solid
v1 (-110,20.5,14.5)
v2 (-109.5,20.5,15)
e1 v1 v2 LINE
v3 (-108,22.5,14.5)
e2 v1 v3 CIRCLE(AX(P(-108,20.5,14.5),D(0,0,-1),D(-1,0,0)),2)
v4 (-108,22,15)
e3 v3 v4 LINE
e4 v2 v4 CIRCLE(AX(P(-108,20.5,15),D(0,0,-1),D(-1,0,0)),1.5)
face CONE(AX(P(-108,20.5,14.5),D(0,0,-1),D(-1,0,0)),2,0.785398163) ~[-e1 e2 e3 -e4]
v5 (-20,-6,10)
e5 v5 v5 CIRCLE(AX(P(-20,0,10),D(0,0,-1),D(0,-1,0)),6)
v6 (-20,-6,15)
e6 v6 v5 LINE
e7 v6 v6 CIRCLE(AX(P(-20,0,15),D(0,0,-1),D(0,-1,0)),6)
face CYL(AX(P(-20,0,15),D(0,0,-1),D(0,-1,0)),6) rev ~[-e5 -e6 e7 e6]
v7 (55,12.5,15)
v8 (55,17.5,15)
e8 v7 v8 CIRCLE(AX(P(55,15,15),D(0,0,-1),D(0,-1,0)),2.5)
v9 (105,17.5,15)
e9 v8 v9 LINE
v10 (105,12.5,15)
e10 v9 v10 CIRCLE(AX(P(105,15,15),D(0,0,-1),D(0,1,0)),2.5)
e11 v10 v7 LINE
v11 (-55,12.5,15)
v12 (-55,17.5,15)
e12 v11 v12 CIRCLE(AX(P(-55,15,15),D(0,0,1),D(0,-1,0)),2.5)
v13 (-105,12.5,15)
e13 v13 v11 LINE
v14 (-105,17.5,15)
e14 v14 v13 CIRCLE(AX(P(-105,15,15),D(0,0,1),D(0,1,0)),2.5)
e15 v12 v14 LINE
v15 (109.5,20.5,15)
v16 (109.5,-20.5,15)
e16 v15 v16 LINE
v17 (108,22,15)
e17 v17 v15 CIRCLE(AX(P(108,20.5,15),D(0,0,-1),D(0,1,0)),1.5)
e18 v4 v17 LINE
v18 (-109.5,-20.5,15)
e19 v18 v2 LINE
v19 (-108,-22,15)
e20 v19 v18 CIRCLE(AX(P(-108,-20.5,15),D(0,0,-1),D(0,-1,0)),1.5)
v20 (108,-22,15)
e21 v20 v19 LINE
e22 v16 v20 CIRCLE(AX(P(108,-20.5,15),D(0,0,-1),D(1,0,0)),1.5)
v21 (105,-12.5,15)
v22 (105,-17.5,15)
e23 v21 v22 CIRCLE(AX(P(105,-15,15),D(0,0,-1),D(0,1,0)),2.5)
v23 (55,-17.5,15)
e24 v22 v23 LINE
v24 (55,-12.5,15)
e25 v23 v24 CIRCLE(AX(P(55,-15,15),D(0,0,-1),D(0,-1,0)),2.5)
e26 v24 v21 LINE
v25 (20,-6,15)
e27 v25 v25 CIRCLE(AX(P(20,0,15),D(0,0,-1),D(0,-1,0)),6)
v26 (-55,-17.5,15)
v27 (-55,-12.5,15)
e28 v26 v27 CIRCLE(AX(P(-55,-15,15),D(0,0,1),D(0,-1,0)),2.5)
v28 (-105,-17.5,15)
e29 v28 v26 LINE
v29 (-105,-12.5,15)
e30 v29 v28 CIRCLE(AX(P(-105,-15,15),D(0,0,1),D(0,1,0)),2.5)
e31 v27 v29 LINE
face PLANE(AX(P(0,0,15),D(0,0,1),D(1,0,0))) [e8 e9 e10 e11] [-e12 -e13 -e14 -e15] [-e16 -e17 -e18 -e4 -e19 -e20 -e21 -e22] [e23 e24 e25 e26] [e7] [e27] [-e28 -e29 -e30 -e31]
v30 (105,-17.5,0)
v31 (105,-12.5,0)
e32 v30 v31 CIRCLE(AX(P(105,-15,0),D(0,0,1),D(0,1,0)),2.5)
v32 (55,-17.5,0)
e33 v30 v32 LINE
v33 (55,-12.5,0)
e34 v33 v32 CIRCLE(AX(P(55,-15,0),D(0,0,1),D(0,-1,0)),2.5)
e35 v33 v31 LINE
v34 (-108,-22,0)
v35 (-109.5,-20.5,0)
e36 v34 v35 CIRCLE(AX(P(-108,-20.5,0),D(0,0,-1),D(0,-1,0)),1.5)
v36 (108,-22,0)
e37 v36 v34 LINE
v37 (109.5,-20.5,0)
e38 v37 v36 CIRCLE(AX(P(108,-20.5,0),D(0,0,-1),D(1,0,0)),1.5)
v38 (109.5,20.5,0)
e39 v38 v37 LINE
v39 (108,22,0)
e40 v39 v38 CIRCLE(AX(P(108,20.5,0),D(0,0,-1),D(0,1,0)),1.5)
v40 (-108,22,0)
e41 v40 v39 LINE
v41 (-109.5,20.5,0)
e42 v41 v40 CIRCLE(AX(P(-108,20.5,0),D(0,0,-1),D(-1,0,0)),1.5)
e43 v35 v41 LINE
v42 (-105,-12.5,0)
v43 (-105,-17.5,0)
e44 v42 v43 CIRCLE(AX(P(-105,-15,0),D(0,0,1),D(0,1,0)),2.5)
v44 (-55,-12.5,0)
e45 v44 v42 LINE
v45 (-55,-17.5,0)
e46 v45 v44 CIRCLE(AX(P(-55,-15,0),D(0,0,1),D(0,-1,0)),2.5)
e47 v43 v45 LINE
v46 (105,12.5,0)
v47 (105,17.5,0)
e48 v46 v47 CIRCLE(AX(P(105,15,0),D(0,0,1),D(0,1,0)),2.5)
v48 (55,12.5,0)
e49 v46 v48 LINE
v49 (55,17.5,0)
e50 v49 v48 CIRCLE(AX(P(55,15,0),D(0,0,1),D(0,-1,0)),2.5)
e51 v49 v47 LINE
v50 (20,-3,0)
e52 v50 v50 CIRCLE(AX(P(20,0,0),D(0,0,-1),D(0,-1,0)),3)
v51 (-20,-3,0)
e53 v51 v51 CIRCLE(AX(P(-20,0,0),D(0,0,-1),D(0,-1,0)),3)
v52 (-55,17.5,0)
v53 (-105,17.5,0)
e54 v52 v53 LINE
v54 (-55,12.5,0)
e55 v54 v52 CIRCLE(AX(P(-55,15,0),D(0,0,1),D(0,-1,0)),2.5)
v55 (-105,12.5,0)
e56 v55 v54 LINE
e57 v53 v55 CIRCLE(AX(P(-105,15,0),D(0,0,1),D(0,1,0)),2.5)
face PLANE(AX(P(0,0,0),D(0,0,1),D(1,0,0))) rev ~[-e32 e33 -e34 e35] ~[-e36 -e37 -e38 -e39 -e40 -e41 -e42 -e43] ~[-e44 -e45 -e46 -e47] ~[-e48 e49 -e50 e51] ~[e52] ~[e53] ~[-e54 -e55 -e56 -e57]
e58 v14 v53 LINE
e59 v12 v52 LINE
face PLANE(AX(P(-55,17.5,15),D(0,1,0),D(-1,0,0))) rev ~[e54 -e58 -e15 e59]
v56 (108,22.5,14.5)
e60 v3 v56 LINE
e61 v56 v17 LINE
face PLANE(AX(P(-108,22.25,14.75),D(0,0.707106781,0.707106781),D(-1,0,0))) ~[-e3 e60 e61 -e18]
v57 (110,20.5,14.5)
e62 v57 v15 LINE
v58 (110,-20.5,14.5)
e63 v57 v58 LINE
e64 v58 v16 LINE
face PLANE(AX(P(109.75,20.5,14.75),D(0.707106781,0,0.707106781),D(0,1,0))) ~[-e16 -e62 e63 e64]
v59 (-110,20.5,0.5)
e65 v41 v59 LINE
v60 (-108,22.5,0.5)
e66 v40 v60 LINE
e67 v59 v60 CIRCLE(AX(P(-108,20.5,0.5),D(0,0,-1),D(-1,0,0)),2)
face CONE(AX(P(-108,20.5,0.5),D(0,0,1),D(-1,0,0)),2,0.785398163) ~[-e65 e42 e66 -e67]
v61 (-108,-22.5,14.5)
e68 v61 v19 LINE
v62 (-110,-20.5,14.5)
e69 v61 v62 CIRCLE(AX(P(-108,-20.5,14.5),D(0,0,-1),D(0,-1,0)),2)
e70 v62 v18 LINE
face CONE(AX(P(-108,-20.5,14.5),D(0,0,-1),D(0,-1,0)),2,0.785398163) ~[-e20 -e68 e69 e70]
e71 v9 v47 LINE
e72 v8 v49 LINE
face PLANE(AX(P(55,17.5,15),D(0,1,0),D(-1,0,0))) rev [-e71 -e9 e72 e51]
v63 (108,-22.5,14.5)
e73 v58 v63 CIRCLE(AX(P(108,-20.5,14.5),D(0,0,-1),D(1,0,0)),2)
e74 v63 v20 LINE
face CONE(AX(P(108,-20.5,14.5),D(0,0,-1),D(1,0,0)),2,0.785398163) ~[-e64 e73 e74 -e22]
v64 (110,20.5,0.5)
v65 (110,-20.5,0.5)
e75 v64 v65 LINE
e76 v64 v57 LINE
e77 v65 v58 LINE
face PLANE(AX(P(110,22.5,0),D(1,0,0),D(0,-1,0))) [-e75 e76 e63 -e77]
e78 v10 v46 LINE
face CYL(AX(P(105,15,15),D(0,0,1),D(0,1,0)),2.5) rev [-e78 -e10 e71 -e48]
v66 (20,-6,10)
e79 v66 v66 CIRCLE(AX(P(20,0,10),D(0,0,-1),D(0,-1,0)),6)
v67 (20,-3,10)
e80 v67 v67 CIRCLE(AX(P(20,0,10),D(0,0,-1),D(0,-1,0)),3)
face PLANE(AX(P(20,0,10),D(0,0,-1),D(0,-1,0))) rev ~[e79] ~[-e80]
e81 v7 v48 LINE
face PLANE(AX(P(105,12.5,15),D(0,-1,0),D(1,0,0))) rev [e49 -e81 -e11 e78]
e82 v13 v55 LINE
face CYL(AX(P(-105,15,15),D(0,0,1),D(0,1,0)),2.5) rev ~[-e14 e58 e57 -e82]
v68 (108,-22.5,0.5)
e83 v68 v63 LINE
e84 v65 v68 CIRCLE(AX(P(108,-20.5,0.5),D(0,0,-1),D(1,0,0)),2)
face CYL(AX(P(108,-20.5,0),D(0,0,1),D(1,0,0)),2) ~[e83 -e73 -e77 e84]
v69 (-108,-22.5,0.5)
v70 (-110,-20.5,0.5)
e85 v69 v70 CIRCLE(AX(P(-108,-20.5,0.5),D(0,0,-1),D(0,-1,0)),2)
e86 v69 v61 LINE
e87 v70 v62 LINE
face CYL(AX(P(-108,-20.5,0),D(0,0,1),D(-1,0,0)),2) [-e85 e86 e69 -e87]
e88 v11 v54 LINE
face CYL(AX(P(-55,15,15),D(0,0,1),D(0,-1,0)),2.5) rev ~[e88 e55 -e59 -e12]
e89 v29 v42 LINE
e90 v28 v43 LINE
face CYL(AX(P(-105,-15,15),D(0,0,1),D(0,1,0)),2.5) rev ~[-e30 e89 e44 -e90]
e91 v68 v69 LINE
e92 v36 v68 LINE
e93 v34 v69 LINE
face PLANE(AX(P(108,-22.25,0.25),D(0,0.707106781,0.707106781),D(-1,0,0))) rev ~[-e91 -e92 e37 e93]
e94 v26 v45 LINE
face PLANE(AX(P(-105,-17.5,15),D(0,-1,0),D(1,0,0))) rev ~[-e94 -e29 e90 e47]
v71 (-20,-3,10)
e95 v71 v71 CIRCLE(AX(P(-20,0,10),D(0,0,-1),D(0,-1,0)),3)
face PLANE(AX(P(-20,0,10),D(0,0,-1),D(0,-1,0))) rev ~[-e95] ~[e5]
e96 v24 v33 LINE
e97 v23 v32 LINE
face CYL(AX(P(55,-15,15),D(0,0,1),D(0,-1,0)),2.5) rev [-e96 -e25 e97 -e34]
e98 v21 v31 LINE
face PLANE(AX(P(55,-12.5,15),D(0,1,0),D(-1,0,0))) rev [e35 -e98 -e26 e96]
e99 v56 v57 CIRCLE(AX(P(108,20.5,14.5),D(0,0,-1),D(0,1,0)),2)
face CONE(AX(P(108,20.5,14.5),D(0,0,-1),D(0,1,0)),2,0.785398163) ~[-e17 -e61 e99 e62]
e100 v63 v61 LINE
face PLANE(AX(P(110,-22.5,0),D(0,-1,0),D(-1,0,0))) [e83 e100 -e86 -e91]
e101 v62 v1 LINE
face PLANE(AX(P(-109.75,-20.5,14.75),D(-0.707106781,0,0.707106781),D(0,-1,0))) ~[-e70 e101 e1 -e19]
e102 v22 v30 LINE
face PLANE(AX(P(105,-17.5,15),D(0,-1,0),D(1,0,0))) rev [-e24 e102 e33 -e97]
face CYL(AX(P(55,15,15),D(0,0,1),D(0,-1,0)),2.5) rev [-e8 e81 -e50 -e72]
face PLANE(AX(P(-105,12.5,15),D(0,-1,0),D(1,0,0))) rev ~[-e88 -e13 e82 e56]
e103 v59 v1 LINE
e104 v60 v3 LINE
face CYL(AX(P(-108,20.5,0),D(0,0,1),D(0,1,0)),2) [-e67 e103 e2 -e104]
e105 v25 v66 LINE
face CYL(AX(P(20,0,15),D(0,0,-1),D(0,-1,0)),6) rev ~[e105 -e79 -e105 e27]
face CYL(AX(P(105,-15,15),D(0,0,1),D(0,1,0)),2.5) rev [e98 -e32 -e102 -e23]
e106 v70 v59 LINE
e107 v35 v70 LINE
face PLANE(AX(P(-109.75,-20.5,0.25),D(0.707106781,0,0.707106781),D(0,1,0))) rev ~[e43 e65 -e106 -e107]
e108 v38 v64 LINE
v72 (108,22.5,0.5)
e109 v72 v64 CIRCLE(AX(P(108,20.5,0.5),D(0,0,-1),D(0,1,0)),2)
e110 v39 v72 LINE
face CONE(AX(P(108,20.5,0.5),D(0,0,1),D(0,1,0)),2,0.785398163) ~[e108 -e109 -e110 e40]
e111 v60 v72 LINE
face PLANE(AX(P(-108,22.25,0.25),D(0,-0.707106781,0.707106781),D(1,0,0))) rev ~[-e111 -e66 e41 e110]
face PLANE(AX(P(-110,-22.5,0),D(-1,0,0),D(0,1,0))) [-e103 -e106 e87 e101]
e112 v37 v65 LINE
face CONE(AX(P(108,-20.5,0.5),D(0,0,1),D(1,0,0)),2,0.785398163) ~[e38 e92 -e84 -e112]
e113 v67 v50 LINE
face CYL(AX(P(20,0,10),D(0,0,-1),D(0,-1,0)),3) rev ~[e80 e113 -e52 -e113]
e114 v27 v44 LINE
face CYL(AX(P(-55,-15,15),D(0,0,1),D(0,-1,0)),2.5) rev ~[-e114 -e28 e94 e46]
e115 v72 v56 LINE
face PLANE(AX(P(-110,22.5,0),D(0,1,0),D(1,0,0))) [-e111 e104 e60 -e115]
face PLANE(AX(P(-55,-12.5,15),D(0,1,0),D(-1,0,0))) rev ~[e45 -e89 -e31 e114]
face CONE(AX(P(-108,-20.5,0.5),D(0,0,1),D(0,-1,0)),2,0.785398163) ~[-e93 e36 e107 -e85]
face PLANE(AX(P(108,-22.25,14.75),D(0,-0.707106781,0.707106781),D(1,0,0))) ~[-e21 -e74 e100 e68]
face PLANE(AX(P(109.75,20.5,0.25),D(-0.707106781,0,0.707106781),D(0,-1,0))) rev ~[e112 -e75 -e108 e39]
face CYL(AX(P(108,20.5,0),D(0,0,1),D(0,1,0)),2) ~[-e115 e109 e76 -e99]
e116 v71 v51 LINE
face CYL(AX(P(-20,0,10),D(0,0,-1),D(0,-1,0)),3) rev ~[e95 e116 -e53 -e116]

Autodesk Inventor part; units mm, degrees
ref_plane "YZ Plane" through (0, 0, 0) normal (1, 0, 0) x (0, 1, 0)
ref_plane "XZ Plane" through (0, 0, 0) normal (0, 1, 0) x (-1, 0, 0)
ref_plane "XY Plane" through (0, 0, 0) normal (0, 0, 1) x (1, 0, 0)
sketch "Sketch1" plane through (0, 0, 0) normal (0, 0, 1) x (1, 0, 0)
  line L0 (-110, 22.5) -> (110, 22.5)
  line L1 (110, 22.5) -> (110, -22.5)
  line L2 (110, -22.5) -> (-110, -22.5)
  line L3 (-110, -22.5) -> (-110, 22.5)
  point P0 (0, 0)
  point P1 (110, 0)
  point P2 (0, 22.5)
  dimension "d0" = 220
  dimension "d1" = 45
extrude "Extrusion1" add sketch "Sketch1" along normal blind 15
sketch "Sketch2" plane through (0, 0, 15) normal (0, 0, 1) x (1, 0, 0)
  line L0 (-105, 15) -> (-55, 15) construction
  line L1 (-105, 12.5) -> (-55, 12.5)
  line L2 (-55, 17.5) -> (-105, 17.5)
  arc A0 (-105, 17.5) -> (-105, 12.5) centre (-105, 15) ccw
  arc A1 (-55, 12.5) -> (-55, 17.5) centre (-55, 15) ccw
  line L3 (-105, -15) -> (-55, -15) construction
  line L4 (-105, -17.5) -> (-55, -17.5)
  line L5 (-55, -12.5) -> (-105, -12.5)
  arc A2 (-105, -12.5) -> (-105, -17.5) centre (-105, -15) ccw
  arc A3 (-55, -17.5) -> (-55, -12.5) centre (-55, -15) ccw
  line L6 (-80, 15) -> (-80, -15) construction
  line L7 (-110, 22.5) -> (-110, -22.5) projected
  point P0 (0, 0)
  point P1 (-80, 0)
  dimension "d4" = 5
  dimension "d5" = 30
  dimension "d6" = 50
  dimension "d7" = 5
extrude "Extrusion2" cut sketch "Sketch2" against normal through all
mirror "Mirror1" about plane through (0, 0, 0) normal (1, 0, 0) of "Extrusion2"
fillet "Fillet1" radius 2 4 edges at (-110, -22.5, 7.5) (-110, 22.5, 7.5) (110, 22.5, 7.5) (110, -22.5, 7.5)
chamfer "Chamfer1" distance 0.5 angle 45 16 edges at (0, 22.5, 15) (-109.4142, 21.9142, 15) (-110, 0, 15) (-109.4142, -21.9142, 15) (0, -22.5, 15) (109.4142, -21.9142, 15) (110, 0, 15) (109.4142, 21.9142, 15) (0, -22.5, 0) (109.4142, -21.9142, 0) (110, 0, 0) (109.4142, 21.9142, 0) (0, 22.5, 0) (-109.4142, 21.9142, 0) (-110, 0, 0) (-109.4142, -21.9142, 0)
sketch "Sketch3" plane through (0, 0, 15) normal (0, 0, -1) x (-1, 0, 0)
  line L0 (-20, 0) -> (20, 0) construction
  point P0 (0, 0)
  point P1 (0, 0)
  dimension "d14" = 40
hole "Hole1" at (20, 0, 15) at (-20, 0, 15) direction (0, 0, -1) diameter 6 end through all counterbore diameter 12 counterbore depth 5
properties part number "clamp-foot" material "Aluminum 6061"
